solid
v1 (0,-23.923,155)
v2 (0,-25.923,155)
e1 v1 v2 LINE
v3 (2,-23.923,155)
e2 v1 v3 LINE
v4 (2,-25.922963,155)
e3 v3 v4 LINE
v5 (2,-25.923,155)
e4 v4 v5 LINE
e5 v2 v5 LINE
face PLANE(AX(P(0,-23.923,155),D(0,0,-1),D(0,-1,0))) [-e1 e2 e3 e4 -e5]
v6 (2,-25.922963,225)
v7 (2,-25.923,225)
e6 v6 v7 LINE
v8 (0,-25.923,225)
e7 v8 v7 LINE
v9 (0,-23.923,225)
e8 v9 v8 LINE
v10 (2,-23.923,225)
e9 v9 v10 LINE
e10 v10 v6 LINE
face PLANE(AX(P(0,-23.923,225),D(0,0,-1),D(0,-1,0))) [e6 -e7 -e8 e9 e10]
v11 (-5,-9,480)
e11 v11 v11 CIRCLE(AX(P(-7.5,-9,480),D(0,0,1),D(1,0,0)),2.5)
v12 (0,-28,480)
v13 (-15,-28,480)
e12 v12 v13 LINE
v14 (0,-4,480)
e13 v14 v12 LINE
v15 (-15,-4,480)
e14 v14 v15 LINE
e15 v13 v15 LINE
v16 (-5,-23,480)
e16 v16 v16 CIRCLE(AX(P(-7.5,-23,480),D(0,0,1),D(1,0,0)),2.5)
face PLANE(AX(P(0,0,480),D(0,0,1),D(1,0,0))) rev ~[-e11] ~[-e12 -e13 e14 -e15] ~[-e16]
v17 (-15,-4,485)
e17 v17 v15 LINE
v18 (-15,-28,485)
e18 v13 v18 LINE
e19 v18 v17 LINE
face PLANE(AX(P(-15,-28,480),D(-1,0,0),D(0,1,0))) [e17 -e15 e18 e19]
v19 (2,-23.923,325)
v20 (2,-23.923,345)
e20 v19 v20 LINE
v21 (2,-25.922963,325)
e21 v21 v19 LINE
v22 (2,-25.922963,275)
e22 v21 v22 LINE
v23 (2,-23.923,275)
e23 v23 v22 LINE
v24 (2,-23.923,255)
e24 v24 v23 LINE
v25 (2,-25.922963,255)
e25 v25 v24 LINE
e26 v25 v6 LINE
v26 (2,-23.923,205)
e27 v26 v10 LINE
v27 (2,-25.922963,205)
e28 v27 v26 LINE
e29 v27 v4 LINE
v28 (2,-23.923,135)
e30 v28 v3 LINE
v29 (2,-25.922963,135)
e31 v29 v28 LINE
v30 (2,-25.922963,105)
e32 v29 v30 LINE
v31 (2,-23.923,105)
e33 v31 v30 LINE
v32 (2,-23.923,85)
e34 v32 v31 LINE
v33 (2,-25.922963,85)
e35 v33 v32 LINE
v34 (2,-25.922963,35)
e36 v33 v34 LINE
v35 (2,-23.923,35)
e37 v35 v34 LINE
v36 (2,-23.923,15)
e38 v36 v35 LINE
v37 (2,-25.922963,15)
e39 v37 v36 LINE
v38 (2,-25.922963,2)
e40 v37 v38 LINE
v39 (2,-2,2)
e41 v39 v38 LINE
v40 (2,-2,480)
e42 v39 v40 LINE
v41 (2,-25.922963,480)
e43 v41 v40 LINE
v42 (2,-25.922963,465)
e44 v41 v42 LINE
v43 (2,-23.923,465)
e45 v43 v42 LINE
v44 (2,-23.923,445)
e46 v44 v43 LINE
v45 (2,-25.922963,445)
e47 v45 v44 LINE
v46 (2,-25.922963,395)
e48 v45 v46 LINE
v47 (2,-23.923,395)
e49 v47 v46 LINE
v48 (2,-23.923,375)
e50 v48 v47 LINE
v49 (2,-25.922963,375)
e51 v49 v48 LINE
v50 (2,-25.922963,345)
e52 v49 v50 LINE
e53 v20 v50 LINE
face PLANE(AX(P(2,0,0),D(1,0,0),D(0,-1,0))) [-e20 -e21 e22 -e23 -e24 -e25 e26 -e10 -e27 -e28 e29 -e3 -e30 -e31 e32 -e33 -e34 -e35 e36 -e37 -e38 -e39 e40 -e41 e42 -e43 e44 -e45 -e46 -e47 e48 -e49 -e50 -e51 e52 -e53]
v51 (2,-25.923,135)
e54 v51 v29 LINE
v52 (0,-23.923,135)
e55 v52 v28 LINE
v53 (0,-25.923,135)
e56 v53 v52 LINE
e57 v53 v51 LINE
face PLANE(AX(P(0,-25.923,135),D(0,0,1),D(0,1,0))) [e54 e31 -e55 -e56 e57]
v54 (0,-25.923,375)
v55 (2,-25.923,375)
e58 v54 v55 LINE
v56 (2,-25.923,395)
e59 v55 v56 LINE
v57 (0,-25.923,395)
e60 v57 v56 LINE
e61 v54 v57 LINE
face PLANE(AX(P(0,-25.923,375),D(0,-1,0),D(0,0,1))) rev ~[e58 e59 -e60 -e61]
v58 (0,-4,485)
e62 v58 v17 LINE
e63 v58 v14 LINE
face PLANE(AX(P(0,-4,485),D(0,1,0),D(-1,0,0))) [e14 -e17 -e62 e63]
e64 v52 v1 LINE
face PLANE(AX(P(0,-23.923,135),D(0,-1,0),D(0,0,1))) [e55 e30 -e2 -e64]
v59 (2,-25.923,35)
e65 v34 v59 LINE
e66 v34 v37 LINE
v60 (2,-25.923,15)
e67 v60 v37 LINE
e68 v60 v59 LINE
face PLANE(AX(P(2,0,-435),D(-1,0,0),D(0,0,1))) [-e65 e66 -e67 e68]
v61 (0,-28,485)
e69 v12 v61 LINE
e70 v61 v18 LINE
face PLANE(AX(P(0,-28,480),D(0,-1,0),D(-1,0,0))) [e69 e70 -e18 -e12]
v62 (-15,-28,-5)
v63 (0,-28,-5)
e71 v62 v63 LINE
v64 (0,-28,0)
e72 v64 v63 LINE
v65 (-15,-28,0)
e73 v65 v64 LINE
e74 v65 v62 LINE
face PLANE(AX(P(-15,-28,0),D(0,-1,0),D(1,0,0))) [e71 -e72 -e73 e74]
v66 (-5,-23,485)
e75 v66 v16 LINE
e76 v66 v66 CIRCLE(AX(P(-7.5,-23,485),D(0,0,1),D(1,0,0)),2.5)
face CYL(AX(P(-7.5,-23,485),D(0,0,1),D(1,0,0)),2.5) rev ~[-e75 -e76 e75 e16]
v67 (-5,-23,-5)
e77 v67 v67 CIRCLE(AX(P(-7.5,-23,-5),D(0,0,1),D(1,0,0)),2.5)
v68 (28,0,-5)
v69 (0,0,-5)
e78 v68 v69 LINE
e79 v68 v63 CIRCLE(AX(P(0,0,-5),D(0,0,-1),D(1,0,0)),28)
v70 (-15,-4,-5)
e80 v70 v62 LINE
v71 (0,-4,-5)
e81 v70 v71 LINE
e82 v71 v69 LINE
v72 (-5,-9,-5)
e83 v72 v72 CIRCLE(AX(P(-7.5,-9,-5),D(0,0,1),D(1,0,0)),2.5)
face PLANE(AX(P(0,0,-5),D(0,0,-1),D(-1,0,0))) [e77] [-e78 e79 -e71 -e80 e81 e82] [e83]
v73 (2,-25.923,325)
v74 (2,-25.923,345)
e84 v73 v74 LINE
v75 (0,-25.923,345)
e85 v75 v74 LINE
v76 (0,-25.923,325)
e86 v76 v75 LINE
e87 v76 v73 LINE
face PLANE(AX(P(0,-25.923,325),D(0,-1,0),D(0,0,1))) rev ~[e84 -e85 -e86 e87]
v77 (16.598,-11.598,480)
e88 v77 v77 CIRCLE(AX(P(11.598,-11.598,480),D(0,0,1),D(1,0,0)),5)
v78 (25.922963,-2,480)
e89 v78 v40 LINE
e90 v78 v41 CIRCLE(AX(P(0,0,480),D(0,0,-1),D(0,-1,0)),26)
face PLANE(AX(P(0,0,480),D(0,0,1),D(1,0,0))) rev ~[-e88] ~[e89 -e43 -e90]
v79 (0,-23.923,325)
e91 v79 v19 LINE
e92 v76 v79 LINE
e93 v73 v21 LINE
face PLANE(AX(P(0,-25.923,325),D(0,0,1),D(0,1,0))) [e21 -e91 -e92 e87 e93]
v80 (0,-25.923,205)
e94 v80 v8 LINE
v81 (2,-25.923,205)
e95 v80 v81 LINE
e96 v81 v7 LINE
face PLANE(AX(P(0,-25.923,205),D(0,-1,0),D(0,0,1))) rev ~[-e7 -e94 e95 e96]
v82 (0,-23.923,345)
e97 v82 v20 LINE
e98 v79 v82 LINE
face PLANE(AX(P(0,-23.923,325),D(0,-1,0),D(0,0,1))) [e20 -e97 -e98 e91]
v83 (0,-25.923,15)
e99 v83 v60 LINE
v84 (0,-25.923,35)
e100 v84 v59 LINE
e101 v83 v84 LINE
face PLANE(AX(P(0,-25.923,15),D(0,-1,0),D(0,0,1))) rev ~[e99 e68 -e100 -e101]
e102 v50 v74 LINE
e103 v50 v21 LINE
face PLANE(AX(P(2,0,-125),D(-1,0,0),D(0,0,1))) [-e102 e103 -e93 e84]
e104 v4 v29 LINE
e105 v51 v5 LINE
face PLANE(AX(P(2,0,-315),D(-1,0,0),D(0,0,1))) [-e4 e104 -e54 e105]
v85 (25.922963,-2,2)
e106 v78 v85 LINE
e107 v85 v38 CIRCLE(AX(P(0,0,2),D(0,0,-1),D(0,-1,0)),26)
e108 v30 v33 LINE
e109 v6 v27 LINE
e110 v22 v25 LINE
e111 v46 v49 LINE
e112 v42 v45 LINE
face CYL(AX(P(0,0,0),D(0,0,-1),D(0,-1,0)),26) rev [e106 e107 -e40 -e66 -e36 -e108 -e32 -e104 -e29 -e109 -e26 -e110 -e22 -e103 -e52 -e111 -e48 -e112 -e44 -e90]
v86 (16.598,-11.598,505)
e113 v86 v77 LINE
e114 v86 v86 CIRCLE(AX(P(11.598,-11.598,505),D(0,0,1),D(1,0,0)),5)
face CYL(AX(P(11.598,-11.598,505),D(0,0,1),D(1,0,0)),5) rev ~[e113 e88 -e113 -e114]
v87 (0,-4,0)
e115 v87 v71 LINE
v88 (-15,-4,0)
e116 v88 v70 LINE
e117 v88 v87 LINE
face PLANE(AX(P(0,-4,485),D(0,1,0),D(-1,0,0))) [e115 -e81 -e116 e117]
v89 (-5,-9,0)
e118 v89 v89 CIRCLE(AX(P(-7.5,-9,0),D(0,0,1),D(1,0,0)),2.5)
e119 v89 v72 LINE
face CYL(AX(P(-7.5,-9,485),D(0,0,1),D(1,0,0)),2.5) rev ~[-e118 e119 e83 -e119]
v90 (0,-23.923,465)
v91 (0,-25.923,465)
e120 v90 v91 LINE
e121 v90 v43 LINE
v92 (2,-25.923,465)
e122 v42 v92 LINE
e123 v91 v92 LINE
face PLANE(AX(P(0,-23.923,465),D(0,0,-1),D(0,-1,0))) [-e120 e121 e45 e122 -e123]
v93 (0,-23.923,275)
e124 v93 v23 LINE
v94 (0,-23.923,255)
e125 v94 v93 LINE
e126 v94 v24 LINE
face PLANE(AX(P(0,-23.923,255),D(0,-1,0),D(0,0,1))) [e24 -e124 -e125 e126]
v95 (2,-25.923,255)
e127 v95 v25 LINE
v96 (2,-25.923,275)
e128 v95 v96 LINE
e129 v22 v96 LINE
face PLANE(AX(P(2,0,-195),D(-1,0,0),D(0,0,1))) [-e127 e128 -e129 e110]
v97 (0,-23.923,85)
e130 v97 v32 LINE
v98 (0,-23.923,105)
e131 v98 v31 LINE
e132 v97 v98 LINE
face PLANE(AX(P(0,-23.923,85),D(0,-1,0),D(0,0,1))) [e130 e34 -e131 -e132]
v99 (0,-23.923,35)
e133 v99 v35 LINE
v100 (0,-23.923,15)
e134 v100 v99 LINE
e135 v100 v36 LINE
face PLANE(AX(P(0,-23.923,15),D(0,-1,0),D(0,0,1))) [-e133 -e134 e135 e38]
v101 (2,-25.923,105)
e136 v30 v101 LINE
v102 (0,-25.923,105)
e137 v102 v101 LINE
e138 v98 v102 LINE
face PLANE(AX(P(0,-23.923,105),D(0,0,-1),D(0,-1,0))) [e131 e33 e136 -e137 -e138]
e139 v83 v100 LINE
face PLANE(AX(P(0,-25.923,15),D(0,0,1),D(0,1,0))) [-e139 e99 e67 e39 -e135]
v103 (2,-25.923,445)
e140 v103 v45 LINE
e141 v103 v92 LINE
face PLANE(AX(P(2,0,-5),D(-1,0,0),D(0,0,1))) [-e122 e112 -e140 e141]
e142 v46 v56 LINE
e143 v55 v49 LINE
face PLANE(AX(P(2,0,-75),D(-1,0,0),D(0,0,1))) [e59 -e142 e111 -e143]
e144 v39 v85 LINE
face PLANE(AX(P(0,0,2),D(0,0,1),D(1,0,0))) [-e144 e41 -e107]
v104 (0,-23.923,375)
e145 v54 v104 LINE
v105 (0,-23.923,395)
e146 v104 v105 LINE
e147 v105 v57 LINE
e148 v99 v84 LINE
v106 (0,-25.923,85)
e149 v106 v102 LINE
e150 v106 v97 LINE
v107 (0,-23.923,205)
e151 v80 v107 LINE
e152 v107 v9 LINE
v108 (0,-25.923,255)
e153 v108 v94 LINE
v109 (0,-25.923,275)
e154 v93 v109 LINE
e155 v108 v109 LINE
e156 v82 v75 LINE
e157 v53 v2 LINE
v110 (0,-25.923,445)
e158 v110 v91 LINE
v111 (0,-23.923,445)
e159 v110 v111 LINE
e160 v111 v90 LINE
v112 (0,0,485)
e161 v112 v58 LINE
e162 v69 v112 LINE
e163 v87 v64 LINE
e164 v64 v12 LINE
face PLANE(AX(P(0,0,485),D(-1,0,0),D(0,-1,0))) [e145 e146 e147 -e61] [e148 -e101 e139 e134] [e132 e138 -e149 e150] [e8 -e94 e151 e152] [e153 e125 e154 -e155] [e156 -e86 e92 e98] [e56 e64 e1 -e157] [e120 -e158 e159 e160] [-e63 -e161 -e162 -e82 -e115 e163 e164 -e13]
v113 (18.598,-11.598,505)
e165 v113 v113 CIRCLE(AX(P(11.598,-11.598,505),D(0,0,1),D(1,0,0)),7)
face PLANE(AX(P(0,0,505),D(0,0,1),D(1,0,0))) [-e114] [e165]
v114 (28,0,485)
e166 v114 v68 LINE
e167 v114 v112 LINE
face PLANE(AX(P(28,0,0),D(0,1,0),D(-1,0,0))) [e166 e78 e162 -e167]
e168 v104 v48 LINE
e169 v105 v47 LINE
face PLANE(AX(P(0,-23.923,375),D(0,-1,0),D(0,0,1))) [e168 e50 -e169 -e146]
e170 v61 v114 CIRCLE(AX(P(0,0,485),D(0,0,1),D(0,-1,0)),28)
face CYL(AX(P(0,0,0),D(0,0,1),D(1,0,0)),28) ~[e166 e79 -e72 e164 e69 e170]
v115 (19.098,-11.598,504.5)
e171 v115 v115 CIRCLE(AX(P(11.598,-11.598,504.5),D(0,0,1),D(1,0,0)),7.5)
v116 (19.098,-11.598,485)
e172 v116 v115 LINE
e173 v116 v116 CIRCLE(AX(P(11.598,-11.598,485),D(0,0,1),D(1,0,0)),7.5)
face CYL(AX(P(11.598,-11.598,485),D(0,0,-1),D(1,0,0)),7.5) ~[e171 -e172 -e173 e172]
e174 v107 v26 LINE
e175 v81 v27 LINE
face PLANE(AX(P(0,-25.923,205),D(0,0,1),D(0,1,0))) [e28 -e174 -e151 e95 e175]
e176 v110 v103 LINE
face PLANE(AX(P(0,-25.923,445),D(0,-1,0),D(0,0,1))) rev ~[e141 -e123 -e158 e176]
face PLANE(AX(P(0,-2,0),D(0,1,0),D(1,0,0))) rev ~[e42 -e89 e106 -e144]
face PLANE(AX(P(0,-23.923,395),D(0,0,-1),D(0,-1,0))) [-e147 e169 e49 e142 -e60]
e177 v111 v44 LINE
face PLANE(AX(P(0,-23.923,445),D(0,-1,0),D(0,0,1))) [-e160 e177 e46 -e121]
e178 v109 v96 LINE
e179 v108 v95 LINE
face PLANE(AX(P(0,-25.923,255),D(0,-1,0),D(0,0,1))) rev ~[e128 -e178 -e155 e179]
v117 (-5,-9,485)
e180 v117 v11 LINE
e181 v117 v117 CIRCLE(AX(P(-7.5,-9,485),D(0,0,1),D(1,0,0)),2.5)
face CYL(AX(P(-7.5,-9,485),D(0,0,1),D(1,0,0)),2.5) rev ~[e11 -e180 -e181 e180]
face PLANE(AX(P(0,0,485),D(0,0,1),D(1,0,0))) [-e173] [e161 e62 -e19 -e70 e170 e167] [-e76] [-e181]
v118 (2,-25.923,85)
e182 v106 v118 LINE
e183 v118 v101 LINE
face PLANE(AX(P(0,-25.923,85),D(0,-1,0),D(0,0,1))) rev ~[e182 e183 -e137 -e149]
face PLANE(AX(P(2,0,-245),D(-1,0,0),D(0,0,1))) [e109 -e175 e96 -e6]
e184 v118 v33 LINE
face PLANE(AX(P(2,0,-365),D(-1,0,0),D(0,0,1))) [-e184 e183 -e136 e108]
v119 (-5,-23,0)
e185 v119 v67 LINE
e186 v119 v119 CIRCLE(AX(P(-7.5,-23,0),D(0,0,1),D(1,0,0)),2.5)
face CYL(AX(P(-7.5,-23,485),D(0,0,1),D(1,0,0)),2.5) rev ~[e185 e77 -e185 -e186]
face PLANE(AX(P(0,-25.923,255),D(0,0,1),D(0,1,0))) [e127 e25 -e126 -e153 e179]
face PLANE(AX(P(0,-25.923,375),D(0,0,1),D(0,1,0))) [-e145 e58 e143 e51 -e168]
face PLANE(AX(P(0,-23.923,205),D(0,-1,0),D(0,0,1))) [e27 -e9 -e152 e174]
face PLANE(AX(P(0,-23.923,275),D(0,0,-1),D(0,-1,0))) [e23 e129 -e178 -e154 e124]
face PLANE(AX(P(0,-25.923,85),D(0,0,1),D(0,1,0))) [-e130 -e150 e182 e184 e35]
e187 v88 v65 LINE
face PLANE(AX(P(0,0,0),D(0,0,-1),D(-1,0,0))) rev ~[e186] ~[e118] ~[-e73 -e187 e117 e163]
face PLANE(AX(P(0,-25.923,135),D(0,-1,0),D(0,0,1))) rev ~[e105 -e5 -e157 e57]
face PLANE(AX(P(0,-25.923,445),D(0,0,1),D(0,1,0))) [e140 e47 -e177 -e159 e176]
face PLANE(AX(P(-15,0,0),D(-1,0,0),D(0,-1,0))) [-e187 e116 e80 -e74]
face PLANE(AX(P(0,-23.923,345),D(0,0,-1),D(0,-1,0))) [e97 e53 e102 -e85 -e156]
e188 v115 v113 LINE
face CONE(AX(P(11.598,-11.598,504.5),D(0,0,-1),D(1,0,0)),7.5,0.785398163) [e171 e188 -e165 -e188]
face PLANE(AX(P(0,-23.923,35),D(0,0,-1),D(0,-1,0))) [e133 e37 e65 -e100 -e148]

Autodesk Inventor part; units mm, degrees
ref_plane "YZ Plane" through (0, 0, 0) normal (1, 0, 0) x (0, 1, 0)
ref_plane "XZ Plane" through (0, 0, 0) normal (0, 1, 0) x (-1, 0, 0)
ref_plane "XY Plane" through (0, 0, 0) normal (0, 0, 1) x (1, 0, 0)
sketch "草图1" plane through (0, 0, 0) normal (0, 0, 1) x (1, 0, 0)
  arc A0 (0, -28) -> (28, 0) centre (0, 0) ccw
  line L0 (0, 0) -> (28, 0)
  line L1 (0, 0) -> (0, -28)
  dimension "d0" = 28
extrude "拉伸1" add sketch "草图1" along normal blind 480
shell "抽壳1" thickness 2 removed faces 1 at (13.1163, -13.1163, 480)
sketch "草图2" plane through (0, 0, 480) normal (0, 0, 1) x (1, 0, 0)
  line L0 (0, -28) -> (-15, -28)
  line L1 (-15, -28) -> (-15, 0)
  line L2 (-15, 0) -> (0, 0)
  line L3 (0, 0) -> (0, -28)
  line L4 (28, 0) -> (0, 0) projected
  arc A0 (0, -28) -> (28, 0) centre (0, 0) ccw
  line L5 (0, 0) -> (28, 0)
  line L6 (0, 0) -> (0, -28)
  line L7 (0, 0) -> (0, -28) projected
  dimension "d4" = 15
extrude "拉伸2" add sketch "草图2" along normal blind 5
sketch "草图3" plane through (0, 0, 485) normal (0, 0, 1) x (1, 0, 0)
  circle A0 centre (11.598, -11.598) radius 7.5
  circle A1 centre (11.598, -11.598) radius 11.598
  line L0 (28, 0) -> (-15, 0) projected
  line L1 (0, 0) -> (0, -28) projected
  arc A2 (0, -28) -> (28, 0) centre (0, 0) ccw projected
  dimension "d7" = 15
extrude "拉伸3" add sketch "草图3" along normal blind 20 contours A0
sketch "草图4" plane through (11.598, -11.598, 505) normal (0, 0, 1) x (1, 0, 0)
  circle A0 centre (0, 0) radius 5
  circle A1 centre (0, 0) radius 7.5 projected
  point P0 (-11.598, 11.598)
  dimension "d10" = 10
extrude "拉伸4" cut sketch "草图4" against normal up to surface (25 mm away) contours A0
thread "螺纹1" size "M15x1.5" class "6g" standard "ANSI Metric M Profile" full length
chamfer "倒角1" distance 0.5 angle 45 1 edges at (4.098, -11.598, 505)
sketch "草图5" plane through (0, 0, 0) normal (0, 0, -1) x (-1, 0, 0)
  arc A0 (-28, 0) -> (0, -28) centre (0, 0) ccw
  line L0 (-28, 0) -> (15, 0)
  line L1 (-28, 0) -> (15, 0) projected
  line L2 (15, 0) -> (15, -28)
  line L3 (15, 0) -> (15, -28) projected
  line L4 (15, -28) -> (0, -28)
  line L5 (15, -28) -> (0, -28) projected
  arc A1 (-25.923, -2) -> (-2, -25.923) centre (0, 0) ccw projected
extrude "拉伸5" add sketch "草图5" along normal blind 5
sketch "草图6" plane through (0, 0, 485) normal (0, 0, 1) x (1, 0, 0)
  circle A0 centre (-7.5, -9) radius 2.5
  circle A1 centre (-7.5, -23) radius 2.5
  line L0 (28, 0) -> (-15, 0) projected
  line L1 (-15, -28) -> (0, -28) projected
  line L2 (-15, 0) -> (-15, -28) projected
  point P0 (0, 0)
  dimension "d20" = 5
  dimension "d21" = 5
  dimension "d22" = 9
  dimension "d23" = 5
  dimension "d24" = 7.5
  dimension "d25" = 7.5
extrude "拉伸6" cut sketch "草图6" against normal through all
sketch "草图7" plane through (0, 0, 485) normal (0, 0, 1) x (1, 0, 0)
  line L0 (-15, 0) -> (0, 0)
  line L1 (0, 0) -> (0, -4)
  line L2 (0, -4) -> (-15, -4)
  line L3 (-15, -4) -> (-15, 0)
  line L4 (0, 0) -> (0, -28) projected
  line L5 (28, 0) -> (-15, 0) projected
  line L6 (-15, 0) -> (-15, -28) projected
  dimension "d28" = 4
extrude "拉伸7" cut sketch "草图7" against normal through all
sketch "草图8" plane through (0, 0, -5) normal (-1, 0, 0) x (0, 0, 1)
  line L0 (7, -25.923) -> (485, -25.923) projected
  line L1 (470, -25.923) -> (450, -25.923)
  line L2 (450, -25.923) -> (450, -23.923)
  line L3 (450, -23.923) -> (470, -23.923)
  line L4 (470, -23.923) -> (470, -25.923)
  line L5 (485, -4) -> (485, -28) projected
  point P0 (5, 0)
  dimension "d31" = 20
  dimension "d32" = 2
  dimension "d33" = 15
extrude "拉伸8" cut sketch "草图8" against normal blind 2
pattern_linear "矩形阵列1" count 2 spacing 70 along (0, 0, -1) of "拉伸8"
pattern_linear "矩形阵列2" count 4 spacing 120 along (0, 0, -1) of "拉伸8", "矩形阵列1"
properties part number "分离水箱"
